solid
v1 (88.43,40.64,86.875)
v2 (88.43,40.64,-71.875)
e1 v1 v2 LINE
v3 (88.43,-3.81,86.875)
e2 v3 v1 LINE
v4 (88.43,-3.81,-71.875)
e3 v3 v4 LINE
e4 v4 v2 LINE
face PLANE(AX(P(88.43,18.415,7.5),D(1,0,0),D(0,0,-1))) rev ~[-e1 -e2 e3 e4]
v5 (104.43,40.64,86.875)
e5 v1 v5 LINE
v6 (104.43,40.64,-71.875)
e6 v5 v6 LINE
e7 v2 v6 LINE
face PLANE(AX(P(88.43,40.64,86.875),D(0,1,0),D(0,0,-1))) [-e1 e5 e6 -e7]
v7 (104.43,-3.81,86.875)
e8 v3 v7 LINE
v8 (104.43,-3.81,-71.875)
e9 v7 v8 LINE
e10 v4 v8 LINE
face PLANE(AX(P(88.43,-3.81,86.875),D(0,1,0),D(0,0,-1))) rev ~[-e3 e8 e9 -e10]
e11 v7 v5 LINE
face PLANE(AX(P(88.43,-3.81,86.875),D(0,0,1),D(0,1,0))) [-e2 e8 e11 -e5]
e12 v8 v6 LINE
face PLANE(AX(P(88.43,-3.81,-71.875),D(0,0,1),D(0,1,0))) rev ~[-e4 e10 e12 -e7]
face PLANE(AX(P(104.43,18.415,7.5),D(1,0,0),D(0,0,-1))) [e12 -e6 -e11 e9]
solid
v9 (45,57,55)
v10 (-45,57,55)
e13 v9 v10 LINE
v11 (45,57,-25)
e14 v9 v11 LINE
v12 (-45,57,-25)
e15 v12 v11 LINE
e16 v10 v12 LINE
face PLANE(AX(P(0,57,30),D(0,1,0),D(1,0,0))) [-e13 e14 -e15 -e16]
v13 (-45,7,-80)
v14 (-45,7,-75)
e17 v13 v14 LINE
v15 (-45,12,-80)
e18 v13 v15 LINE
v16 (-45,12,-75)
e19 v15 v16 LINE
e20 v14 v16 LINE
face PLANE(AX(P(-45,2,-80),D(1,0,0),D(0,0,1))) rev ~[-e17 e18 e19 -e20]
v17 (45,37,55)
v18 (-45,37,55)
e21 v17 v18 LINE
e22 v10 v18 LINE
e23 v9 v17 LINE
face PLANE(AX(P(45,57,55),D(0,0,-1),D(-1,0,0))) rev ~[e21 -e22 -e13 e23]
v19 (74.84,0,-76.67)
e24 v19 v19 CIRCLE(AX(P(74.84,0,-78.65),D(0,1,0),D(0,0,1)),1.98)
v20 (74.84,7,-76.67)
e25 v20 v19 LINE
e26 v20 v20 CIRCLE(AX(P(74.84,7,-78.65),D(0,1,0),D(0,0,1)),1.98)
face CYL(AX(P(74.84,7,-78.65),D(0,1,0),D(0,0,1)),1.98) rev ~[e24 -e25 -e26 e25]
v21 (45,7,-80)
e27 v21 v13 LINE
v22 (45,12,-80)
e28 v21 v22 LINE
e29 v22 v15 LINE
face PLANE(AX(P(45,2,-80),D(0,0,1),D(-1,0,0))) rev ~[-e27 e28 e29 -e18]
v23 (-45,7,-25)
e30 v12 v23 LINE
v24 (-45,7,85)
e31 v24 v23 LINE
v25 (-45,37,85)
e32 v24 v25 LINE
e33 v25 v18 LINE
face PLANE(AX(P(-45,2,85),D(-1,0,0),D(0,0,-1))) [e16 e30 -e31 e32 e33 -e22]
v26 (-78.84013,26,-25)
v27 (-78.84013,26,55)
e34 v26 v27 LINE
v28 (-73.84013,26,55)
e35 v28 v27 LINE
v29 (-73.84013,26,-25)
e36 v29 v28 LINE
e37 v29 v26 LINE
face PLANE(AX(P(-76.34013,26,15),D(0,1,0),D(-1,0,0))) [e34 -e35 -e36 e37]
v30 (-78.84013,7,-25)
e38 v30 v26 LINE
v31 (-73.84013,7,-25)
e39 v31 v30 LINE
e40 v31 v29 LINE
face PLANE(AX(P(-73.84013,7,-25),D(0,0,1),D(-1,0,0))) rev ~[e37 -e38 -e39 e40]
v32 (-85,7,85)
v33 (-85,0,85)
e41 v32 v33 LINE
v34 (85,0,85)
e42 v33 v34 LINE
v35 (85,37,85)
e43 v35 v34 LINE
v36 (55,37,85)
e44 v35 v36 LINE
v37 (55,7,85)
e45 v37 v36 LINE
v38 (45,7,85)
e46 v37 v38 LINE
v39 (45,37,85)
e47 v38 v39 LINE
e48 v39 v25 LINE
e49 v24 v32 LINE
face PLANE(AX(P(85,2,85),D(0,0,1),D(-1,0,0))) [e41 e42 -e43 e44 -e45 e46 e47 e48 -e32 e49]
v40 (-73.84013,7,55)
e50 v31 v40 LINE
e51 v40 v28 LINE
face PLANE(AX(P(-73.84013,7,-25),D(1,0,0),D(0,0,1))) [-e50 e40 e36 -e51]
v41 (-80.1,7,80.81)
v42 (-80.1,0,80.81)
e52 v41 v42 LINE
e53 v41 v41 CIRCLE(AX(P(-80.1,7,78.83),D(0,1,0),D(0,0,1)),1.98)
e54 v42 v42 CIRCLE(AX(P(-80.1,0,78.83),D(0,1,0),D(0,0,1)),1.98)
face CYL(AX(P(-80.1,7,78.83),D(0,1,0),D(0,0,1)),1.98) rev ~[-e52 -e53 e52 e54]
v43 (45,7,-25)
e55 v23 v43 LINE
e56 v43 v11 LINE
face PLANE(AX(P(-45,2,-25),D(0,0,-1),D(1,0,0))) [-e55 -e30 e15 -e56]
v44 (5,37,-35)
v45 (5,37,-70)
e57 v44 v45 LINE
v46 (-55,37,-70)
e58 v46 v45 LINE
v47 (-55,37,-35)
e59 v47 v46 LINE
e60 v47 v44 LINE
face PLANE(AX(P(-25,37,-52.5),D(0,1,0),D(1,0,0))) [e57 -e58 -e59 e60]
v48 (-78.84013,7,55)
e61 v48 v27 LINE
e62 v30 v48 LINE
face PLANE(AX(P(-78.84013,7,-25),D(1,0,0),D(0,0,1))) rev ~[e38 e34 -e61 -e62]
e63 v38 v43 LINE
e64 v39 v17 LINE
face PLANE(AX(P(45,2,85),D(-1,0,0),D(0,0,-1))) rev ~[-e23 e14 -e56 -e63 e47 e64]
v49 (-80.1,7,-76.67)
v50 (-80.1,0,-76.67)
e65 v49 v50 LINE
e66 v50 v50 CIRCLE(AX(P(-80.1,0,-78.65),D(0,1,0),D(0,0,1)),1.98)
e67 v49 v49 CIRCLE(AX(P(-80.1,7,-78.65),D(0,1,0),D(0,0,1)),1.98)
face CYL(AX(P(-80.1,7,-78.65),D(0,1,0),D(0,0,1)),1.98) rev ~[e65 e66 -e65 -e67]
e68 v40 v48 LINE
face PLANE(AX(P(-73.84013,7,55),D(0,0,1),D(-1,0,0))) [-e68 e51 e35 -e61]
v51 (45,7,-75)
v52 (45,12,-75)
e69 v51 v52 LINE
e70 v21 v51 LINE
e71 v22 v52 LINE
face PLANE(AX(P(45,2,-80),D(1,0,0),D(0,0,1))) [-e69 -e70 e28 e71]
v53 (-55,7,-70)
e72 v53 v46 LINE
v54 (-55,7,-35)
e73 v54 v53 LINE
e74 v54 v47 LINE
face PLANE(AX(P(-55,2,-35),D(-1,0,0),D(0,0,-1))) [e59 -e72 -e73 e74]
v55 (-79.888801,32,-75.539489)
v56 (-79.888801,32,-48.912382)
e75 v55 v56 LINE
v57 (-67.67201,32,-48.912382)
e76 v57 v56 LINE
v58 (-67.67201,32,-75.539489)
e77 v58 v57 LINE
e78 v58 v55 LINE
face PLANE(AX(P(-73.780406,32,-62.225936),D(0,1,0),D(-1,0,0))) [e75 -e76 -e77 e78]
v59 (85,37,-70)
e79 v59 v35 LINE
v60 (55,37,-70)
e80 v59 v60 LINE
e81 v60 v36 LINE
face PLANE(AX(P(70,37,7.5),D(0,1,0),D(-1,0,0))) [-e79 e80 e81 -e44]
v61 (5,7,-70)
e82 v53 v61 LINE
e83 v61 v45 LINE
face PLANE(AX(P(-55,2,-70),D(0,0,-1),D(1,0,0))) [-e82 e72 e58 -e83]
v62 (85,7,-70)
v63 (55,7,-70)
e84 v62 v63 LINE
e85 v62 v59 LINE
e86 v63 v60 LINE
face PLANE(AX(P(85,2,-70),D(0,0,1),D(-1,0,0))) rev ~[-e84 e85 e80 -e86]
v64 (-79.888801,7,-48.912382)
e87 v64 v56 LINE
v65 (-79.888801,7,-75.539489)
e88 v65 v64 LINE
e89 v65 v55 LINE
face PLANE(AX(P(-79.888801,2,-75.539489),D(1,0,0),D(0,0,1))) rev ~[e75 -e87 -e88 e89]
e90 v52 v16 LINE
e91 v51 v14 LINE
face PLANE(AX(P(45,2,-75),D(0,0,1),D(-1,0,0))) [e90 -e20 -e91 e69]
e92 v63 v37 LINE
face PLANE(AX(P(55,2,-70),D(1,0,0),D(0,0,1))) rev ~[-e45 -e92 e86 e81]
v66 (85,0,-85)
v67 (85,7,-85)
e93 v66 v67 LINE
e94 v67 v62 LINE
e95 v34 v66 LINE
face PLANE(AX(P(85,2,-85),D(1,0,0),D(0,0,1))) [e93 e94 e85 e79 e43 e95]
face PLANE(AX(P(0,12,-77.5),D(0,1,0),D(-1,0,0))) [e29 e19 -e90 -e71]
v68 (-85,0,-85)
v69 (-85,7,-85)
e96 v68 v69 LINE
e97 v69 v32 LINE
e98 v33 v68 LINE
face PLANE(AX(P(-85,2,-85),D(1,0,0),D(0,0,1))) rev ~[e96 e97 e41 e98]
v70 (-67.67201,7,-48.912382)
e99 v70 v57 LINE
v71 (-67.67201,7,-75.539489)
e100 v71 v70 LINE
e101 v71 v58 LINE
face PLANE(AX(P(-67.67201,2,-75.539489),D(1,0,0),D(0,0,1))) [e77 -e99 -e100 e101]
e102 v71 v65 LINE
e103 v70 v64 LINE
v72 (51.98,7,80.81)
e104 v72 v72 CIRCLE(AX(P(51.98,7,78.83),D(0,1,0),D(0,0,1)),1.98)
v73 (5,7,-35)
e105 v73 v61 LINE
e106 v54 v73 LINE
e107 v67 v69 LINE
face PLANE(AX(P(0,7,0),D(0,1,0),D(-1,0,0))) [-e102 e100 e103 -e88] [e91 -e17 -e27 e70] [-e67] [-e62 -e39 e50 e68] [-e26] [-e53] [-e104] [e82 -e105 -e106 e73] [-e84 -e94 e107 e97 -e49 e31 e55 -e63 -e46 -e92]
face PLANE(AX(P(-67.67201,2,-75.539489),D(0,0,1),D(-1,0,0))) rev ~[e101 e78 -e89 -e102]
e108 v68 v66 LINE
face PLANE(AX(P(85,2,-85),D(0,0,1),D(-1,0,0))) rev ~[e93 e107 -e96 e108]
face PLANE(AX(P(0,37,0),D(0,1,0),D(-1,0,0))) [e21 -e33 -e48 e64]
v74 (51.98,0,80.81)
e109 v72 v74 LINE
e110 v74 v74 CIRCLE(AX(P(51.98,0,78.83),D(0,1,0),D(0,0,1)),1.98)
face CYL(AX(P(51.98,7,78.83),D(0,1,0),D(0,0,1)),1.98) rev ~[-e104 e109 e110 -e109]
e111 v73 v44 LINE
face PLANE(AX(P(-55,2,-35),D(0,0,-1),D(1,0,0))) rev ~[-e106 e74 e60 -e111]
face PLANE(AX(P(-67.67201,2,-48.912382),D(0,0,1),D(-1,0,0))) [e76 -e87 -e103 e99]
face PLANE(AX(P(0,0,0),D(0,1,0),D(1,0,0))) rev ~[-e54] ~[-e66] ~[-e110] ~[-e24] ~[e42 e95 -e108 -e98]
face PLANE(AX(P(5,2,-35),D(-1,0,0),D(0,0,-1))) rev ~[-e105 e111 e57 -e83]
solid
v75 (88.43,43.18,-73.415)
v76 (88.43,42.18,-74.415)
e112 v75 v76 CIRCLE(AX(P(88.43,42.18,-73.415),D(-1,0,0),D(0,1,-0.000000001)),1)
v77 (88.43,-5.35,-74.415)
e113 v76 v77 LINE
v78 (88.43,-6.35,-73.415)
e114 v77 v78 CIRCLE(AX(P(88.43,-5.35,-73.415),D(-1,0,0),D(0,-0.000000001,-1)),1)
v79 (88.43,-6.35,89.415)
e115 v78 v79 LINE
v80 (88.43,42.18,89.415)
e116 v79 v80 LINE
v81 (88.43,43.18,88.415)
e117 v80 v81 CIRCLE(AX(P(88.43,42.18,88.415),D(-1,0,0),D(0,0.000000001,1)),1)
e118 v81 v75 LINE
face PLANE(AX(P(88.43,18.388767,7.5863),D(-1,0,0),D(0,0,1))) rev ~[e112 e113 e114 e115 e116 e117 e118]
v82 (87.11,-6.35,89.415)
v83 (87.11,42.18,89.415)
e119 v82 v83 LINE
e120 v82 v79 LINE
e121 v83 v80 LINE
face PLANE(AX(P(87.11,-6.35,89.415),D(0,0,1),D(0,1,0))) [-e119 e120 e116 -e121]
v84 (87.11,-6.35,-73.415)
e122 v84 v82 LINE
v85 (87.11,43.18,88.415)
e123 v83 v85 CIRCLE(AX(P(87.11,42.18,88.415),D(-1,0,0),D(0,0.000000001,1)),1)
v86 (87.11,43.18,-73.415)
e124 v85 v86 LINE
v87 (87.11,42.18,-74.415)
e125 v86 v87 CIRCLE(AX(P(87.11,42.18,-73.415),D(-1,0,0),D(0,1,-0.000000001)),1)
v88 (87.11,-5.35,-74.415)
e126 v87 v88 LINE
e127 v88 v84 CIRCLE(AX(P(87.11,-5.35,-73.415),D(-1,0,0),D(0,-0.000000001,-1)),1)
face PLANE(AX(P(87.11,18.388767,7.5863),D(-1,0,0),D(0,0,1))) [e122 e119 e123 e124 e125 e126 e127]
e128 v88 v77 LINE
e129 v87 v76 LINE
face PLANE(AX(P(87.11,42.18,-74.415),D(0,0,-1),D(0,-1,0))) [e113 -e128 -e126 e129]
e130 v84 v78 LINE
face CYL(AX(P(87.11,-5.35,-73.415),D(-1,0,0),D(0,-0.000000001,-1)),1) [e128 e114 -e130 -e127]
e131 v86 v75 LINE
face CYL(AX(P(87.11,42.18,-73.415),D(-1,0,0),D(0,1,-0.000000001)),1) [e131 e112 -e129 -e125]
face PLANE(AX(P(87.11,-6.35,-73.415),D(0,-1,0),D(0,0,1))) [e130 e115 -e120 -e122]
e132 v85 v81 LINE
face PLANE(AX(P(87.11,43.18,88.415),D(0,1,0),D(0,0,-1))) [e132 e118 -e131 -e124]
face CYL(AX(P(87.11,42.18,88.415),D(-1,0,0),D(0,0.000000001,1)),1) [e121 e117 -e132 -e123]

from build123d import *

# Parameters (mm, degrees)
SKETCH1_W                          = 170
SKETCH1_H                          = 170
ALUSPLAAT_DEPTH                    = 2
SKETCH2_W                          = 30
SKETCH2_H                          = 155
PISTIKUD_DEPTH                     = 35
SKETCH3_W                          = 90
SKETCH3_H                          = 110
CPU_M_LUD_DEPTH                    = 55
SKETCH4_W                          = 60
SKETCH4_H                          = 35
SININE_RADIKAS_DEPTH               = 35
SKETCH5_W                          = 90
SKETCH5_H                          = 5
PCIE_PESA_DEPTH                    = 10
SKETCH6_W                          = 12.216790721
SKETCH6_H                          = 26.62710746
RAID_PESAD_DEPTH                   = 30
SKETCH7_W                          = 170
SKETCH7_H                          = 170
LE_LDINE_M_RA_DEPTH                = 5
SKETCH8_W                          = 5
SKETCH8_H                          = 80
PATREI_JA_IGASUGUSED_L_LITID_DEPTH = 19
SKETCH9_OUTSIDE_W                  = 221.416
SKETCH9_OUTSIDE_H                  = 221.416
SKETCH9_OUTSIDE_W_2                = 90
SKETCH9_OUTSIDE_H_2                = 80
M_LUD_DEPTH                        = 20
CUT_EXTRUDE2_REACH                 = 132.192
SKETCH10_R                         = 1.98
BOSS_EXTRUDE1_DEPTH                = 1.32
SKETCH12_W                         = 158.75
SKETCH12_H                         = 44.45
BOSS_EXTRUDE2_DEPTH                = 16


with BuildPart() as part:
    # Sketch1 → alusplaat (new body)
    with BuildSketch(Plane(origin=(0, 0, 0), x_dir=(1, 0, 0), z_dir=(0, 1, 0))):
        Rectangle(SKETCH1_W, SKETCH1_H)
    extrude(amount=ALUSPLAAT_DEPTH)

    # Sketch2 → pistikud (add)
    with BuildSketch(Plane(origin=(0, 2, 0), x_dir=(-1, 0, 0), z_dir=(0, 1, 0))):
        with Locations((-70, 7.5)):
            Rectangle(SKETCH2_W, SKETCH2_H)
    extrude(amount=PISTIKUD_DEPTH)

    # Sketch3 → cpu+mälud (add)
    with BuildSketch(Plane(origin=(0, 2, 0), x_dir=(1, 0, 0), z_dir=(0, 1, 0))):
        with Locations((0, -30)):
            Rectangle(SKETCH3_W, SKETCH3_H)
    extrude(amount=CPU_M_LUD_DEPTH)

    # Sketch4 → sinine radikas (add)
    with BuildSketch(Plane(origin=(0, 2, 0), x_dir=(1, 0, 0), z_dir=(0, 1, 0))):
        with Locations((-25, 52.5)):
            Rectangle(SKETCH4_W, SKETCH4_H)
    extrude(amount=SININE_RADIKAS_DEPTH)

    # Sketch5 → pcie pesa (add)
    with BuildSketch(Plane(origin=(0, 2, 0), x_dir=(-1, 0, 0), z_dir=(0, 1, 0))):
        with Locations((0, -77.5)):
            Rectangle(SKETCH5_W, SKETCH5_H)
    extrude(amount=PCIE_PESA_DEPTH)

    # Sketch6 → raid pesad (add)
    with BuildSketch(Plane(origin=(0, 2, 0), x_dir=(-1, 0, 0), z_dir=(0, 1, 0))):
        with Locations((73.780405742, -62.225935716)):
            Rectangle(SKETCH6_W, SKETCH6_H)
    extrude(amount=RAID_PESAD_DEPTH)

    # Sketch7 → üleüldine müra (add)
    with BuildSketch(Plane(origin=(0, 2, 0), x_dir=(-1, 0, 0), z_dir=(0, 1, 0))):
        Rectangle(SKETCH7_W, SKETCH7_H)
    extrude(amount=LE_LDINE_M_RA_DEPTH)

    # Sketch8 → patrei ja igasugused lülitid (add)
    with BuildSketch(Plane(origin=(0, 7, 0), x_dir=(-1, 0, 0), z_dir=(0, 1, 0))):
        with Locations((76.340130234, 15)):
            Rectangle(SKETCH8_W, SKETCH8_H)
    extrude(amount=PATREI_JA_IGASUGUSED_L_LITID_DEPTH)

    # Sketch9 outside → mälud (cut)
    with BuildSketch(Plane(origin=(0, 57, 0), x_dir=(-1, 0, 0), z_dir=(0, 1, 0))):
        Rectangle(SKETCH9_OUTSIDE_W, SKETCH9_OUTSIDE_H)
        with Locations((0, 15)):
            Rectangle(SKETCH9_OUTSIDE_W_2, SKETCH9_OUTSIDE_H_2, mode=Mode.SUBTRACT)
    extrude(amount=-M_LUD_DEPTH, mode=Mode.SUBTRACT)

    # Sketch10 → Cut-Extrude2 (cut, up to next)
    with BuildSketch(Plane(origin=(0, 7, 0), x_dir=(1, 0, 0), z_dir=(0, 1, 0)), mode=Mode.PRIVATE) as cut_extrude2_sk1:
        with Locations(Location((74.84, 78.65, 0), (0, 0, 270))):
            Circle(SKETCH10_R)
    cut_extrude2_tool1 = extrude(cut_extrude2_sk1.sketch, amount=-CUT_EXTRUDE2_REACH, mode=Mode.PRIVATE) & part.part
    # Sketch10 → Cut-Extrude2 (cut, up to next)
    with BuildSketch(Plane(origin=(0, 7, 0), x_dir=(1, 0, 0), z_dir=(0, 1, 0)), mode=Mode.PRIVATE) as cut_extrude2_sk2:
        with Locations(Location((-80.1, 78.65, 0), (0, 0, 270))):
            Circle(SKETCH10_R)
    cut_extrude2_tool2 = extrude(cut_extrude2_sk2.sketch, amount=-CUT_EXTRUDE2_REACH, mode=Mode.PRIVATE) & part.part
    # Sketch10 → Cut-Extrude2 (cut, up to next)
    with BuildSketch(Plane(origin=(0, 7, 0), x_dir=(1, 0, 0), z_dir=(0, 1, 0)), mode=Mode.PRIVATE) as cut_extrude2_sk3:
        with Locations(Location((-80.1, -78.83, 0), (0, 0, 270))):
            Circle(SKETCH10_R)
    cut_extrude2_tool3 = extrude(cut_extrude2_sk3.sketch, amount=-CUT_EXTRUDE2_REACH, mode=Mode.PRIVATE) & part.part
    # Sketch10 → Cut-Extrude2 (cut, up to next)
    with BuildSketch(Plane(origin=(0, 7, 0), x_dir=(1, 0, 0), z_dir=(0, 1, 0)), mode=Mode.PRIVATE) as cut_extrude2_sk4:
        with Locations(Location((51.98, -78.83, 0), (0, 0, 270))):
            Circle(SKETCH10_R)
    cut_extrude2_tool4 = extrude(cut_extrude2_sk4.sketch, amount=-CUT_EXTRUDE2_REACH, mode=Mode.PRIVATE) & part.part
    add(cut_extrude2_tool1.solids().sort_by_distance((74.84, 7, -78.65))[0], mode=Mode.SUBTRACT)
    add(cut_extrude2_tool2.solids().sort_by_distance((-80.1, 7, -78.65))[0], mode=Mode.SUBTRACT)
    add(cut_extrude2_tool3.solids().sort_by_distance((-80.1, 7, 78.83))[0], mode=Mode.SUBTRACT)
    add(cut_extrude2_tool4.solids().sort_by_distance((51.98, 7, 78.83))[0], mode=Mode.SUBTRACT)


with BuildPart() as body_2:
    # Sketch11 → Boss-Extrude1 (new body)
    with BuildSketch(Plane(origin=(87.11, 0, 0), x_dir=(0, 0, -1), z_dir=(1, 0, 0))):
        with BuildLine():
            Line((-88.415, 43.18), (73.415, 43.18))
            ThreePointArc((73.415, 43.18), (74.122106781, 42.887106781), (74.415, 42.18))
            Line((74.415, 42.18), (74.415, -5.35))
            ThreePointArc((74.415, -5.35), (74.122106781, -6.057106781), (73.415, -6.35))
            Line((73.415, -6.35), (-89.415, -6.35))
            Line((-89.415, -6.35), (-89.415, 42.18))
            ThreePointArc((-89.415, 42.18), (-89.122106781, 42.887106781), (-88.415, 43.18))
        make_face()
    extrude(amount=BOSS_EXTRUDE1_DEPTH)


with BuildPart() as body_3:
    # Sketch12 → Boss-Extrude2 (new body)
    with BuildSketch(Plane(origin=(88.43, 0, 0), x_dir=(0, 0, -1), z_dir=(1, 0, 0))):
        with Locations((-7.5, 18.415)):
            Rectangle(SKETCH12_W, SKETCH12_H)
    extrude(amount=BOSS_EXTRUDE2_DEPTH)


solid = Compound([part.part, body_2.part, body_3.part])
